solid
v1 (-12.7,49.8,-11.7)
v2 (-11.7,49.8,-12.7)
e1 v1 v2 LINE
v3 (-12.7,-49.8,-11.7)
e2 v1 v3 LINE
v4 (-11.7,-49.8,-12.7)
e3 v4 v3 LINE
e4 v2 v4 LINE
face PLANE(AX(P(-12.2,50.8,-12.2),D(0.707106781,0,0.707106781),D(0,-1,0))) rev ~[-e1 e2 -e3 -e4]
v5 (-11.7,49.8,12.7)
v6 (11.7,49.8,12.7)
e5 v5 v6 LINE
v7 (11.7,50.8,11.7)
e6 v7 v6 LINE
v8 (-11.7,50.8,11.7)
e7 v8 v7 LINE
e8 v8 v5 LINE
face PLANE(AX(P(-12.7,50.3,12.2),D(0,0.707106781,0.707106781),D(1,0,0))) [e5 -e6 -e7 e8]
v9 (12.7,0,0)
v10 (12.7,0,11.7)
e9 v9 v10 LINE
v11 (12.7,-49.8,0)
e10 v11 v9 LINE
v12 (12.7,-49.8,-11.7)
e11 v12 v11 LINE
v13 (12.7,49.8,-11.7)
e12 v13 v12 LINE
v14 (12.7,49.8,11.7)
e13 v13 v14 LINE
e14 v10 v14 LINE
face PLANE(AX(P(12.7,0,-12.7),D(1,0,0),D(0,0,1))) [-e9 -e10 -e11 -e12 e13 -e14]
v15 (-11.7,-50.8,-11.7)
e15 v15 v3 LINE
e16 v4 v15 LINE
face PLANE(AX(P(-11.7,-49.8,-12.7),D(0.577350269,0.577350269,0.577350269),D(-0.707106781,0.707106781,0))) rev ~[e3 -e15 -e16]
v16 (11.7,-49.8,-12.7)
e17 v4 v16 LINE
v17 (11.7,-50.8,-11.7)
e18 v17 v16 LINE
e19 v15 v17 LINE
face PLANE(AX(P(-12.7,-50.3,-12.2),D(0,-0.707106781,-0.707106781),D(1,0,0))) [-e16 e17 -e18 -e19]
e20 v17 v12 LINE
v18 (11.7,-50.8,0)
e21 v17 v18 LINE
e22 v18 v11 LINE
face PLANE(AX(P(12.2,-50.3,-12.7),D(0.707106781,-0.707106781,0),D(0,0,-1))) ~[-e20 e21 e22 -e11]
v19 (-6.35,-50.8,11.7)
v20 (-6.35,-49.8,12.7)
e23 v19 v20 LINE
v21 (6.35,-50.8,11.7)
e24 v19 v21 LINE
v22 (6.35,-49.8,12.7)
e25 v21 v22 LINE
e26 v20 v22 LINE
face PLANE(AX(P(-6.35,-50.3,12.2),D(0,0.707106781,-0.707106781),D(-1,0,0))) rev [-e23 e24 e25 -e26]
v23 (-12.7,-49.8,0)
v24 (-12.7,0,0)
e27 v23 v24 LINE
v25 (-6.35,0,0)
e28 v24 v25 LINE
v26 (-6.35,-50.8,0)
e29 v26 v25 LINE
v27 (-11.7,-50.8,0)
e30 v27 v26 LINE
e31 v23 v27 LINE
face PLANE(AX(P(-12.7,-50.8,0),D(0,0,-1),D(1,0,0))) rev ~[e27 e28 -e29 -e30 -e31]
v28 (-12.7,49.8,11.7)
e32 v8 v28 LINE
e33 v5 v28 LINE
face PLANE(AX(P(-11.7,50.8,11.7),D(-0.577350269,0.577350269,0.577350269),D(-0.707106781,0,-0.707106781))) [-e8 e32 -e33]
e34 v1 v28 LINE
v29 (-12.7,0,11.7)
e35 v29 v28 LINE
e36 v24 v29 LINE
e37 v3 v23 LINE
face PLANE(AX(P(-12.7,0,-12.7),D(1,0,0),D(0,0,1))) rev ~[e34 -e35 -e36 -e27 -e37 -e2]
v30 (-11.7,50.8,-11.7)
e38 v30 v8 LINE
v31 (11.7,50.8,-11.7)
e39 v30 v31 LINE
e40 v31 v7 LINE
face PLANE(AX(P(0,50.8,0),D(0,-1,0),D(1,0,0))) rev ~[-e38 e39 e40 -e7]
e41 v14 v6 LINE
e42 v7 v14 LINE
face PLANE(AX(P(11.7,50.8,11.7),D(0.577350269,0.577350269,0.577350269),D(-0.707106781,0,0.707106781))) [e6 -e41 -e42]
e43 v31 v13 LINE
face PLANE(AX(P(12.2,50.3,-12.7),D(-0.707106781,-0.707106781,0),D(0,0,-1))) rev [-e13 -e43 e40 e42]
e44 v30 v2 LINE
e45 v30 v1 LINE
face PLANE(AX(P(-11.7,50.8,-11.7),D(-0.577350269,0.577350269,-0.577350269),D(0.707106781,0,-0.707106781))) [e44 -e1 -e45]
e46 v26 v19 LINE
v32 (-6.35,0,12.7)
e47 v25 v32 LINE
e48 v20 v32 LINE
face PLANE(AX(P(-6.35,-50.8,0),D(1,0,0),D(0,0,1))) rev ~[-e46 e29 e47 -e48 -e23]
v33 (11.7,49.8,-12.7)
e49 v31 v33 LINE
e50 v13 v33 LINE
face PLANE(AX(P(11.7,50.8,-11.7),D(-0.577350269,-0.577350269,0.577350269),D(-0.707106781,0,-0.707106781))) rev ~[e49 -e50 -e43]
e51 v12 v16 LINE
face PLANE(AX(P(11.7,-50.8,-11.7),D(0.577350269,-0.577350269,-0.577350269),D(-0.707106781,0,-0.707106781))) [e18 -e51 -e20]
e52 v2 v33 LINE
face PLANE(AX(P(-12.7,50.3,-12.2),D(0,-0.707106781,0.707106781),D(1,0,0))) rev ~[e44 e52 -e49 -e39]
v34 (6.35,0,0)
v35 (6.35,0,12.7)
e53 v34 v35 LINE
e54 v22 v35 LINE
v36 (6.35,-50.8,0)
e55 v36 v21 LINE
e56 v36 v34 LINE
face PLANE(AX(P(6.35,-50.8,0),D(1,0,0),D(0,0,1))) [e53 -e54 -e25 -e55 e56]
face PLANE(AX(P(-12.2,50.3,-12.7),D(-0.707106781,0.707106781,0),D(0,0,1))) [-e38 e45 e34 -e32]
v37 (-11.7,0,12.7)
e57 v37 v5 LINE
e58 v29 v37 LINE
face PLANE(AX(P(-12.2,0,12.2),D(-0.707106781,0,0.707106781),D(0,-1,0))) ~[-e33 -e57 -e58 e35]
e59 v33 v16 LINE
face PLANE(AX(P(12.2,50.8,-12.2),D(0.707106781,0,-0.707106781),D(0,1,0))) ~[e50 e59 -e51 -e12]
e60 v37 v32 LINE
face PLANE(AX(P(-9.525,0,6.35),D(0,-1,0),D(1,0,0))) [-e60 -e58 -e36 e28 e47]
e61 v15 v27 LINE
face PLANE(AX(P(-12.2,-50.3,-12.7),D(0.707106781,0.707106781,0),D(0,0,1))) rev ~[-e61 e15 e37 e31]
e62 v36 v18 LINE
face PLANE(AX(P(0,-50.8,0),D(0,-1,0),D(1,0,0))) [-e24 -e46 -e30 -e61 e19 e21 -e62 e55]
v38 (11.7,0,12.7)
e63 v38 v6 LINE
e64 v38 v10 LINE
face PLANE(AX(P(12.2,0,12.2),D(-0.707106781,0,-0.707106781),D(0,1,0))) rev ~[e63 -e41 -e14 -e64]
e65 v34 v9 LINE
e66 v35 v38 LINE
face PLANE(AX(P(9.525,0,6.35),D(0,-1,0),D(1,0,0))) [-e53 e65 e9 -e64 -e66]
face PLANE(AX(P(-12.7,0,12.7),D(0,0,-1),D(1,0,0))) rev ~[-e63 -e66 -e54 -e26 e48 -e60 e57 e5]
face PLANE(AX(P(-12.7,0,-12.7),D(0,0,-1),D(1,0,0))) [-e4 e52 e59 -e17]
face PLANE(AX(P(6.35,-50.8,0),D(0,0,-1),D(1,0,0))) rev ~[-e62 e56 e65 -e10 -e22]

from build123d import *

# Parameters (mm, degrees)
F0_W     = 25.4
F0_H     = 25.4
F1_DEPTH = 50.8
F2_W     = 6.35
F2_H     = 12.7
F3_DEPTH = 50.8
F4_SIZE  = 1


with BuildPart() as f1:
    # F0 (on Front) → F1 (new body, symmetric)
    with BuildSketch(Plane.XZ):
        Rectangle(F0_W, F0_H)
    extrude(amount=F1_DEPTH, both=True)

    # F2 (on face) → F3 (cut)
    with BuildSketch(Plane.XZ.offset(50.8)):
        with Locations((-9.525, 6.35)):
            Rectangle(F2_W, F2_H)
        with Locations((9.525, 6.35)):
            Rectangle(F2_W, F2_H)
    extrude(amount=-F3_DEPTH, mode=Mode.SUBTRACT)

    # F4
    f4_edges = [f1.edges().sort_by_distance(p)[0] for p in [
        (12.7, 25.4, 12.7),
        (12.7, 0, -12.7),
        (12.7, 50.8, 0),
        (12.7, -50.8, -6.35),
        (0, -50.8, 12.7),
        (-12.7, -50.8, -6.35),
        (-12.7, 25.4, 12.7),
        (0, 50.8, 12.7),
        (0, -50.8, -12.7),
        (-12.7, 0, -12.7),
        (-12.7, 50.8, 0),
        (0, 50.8, -12.7),
    ]]
    chamfer(f4_edges, length=F4_SIZE)


solid = f1.part
